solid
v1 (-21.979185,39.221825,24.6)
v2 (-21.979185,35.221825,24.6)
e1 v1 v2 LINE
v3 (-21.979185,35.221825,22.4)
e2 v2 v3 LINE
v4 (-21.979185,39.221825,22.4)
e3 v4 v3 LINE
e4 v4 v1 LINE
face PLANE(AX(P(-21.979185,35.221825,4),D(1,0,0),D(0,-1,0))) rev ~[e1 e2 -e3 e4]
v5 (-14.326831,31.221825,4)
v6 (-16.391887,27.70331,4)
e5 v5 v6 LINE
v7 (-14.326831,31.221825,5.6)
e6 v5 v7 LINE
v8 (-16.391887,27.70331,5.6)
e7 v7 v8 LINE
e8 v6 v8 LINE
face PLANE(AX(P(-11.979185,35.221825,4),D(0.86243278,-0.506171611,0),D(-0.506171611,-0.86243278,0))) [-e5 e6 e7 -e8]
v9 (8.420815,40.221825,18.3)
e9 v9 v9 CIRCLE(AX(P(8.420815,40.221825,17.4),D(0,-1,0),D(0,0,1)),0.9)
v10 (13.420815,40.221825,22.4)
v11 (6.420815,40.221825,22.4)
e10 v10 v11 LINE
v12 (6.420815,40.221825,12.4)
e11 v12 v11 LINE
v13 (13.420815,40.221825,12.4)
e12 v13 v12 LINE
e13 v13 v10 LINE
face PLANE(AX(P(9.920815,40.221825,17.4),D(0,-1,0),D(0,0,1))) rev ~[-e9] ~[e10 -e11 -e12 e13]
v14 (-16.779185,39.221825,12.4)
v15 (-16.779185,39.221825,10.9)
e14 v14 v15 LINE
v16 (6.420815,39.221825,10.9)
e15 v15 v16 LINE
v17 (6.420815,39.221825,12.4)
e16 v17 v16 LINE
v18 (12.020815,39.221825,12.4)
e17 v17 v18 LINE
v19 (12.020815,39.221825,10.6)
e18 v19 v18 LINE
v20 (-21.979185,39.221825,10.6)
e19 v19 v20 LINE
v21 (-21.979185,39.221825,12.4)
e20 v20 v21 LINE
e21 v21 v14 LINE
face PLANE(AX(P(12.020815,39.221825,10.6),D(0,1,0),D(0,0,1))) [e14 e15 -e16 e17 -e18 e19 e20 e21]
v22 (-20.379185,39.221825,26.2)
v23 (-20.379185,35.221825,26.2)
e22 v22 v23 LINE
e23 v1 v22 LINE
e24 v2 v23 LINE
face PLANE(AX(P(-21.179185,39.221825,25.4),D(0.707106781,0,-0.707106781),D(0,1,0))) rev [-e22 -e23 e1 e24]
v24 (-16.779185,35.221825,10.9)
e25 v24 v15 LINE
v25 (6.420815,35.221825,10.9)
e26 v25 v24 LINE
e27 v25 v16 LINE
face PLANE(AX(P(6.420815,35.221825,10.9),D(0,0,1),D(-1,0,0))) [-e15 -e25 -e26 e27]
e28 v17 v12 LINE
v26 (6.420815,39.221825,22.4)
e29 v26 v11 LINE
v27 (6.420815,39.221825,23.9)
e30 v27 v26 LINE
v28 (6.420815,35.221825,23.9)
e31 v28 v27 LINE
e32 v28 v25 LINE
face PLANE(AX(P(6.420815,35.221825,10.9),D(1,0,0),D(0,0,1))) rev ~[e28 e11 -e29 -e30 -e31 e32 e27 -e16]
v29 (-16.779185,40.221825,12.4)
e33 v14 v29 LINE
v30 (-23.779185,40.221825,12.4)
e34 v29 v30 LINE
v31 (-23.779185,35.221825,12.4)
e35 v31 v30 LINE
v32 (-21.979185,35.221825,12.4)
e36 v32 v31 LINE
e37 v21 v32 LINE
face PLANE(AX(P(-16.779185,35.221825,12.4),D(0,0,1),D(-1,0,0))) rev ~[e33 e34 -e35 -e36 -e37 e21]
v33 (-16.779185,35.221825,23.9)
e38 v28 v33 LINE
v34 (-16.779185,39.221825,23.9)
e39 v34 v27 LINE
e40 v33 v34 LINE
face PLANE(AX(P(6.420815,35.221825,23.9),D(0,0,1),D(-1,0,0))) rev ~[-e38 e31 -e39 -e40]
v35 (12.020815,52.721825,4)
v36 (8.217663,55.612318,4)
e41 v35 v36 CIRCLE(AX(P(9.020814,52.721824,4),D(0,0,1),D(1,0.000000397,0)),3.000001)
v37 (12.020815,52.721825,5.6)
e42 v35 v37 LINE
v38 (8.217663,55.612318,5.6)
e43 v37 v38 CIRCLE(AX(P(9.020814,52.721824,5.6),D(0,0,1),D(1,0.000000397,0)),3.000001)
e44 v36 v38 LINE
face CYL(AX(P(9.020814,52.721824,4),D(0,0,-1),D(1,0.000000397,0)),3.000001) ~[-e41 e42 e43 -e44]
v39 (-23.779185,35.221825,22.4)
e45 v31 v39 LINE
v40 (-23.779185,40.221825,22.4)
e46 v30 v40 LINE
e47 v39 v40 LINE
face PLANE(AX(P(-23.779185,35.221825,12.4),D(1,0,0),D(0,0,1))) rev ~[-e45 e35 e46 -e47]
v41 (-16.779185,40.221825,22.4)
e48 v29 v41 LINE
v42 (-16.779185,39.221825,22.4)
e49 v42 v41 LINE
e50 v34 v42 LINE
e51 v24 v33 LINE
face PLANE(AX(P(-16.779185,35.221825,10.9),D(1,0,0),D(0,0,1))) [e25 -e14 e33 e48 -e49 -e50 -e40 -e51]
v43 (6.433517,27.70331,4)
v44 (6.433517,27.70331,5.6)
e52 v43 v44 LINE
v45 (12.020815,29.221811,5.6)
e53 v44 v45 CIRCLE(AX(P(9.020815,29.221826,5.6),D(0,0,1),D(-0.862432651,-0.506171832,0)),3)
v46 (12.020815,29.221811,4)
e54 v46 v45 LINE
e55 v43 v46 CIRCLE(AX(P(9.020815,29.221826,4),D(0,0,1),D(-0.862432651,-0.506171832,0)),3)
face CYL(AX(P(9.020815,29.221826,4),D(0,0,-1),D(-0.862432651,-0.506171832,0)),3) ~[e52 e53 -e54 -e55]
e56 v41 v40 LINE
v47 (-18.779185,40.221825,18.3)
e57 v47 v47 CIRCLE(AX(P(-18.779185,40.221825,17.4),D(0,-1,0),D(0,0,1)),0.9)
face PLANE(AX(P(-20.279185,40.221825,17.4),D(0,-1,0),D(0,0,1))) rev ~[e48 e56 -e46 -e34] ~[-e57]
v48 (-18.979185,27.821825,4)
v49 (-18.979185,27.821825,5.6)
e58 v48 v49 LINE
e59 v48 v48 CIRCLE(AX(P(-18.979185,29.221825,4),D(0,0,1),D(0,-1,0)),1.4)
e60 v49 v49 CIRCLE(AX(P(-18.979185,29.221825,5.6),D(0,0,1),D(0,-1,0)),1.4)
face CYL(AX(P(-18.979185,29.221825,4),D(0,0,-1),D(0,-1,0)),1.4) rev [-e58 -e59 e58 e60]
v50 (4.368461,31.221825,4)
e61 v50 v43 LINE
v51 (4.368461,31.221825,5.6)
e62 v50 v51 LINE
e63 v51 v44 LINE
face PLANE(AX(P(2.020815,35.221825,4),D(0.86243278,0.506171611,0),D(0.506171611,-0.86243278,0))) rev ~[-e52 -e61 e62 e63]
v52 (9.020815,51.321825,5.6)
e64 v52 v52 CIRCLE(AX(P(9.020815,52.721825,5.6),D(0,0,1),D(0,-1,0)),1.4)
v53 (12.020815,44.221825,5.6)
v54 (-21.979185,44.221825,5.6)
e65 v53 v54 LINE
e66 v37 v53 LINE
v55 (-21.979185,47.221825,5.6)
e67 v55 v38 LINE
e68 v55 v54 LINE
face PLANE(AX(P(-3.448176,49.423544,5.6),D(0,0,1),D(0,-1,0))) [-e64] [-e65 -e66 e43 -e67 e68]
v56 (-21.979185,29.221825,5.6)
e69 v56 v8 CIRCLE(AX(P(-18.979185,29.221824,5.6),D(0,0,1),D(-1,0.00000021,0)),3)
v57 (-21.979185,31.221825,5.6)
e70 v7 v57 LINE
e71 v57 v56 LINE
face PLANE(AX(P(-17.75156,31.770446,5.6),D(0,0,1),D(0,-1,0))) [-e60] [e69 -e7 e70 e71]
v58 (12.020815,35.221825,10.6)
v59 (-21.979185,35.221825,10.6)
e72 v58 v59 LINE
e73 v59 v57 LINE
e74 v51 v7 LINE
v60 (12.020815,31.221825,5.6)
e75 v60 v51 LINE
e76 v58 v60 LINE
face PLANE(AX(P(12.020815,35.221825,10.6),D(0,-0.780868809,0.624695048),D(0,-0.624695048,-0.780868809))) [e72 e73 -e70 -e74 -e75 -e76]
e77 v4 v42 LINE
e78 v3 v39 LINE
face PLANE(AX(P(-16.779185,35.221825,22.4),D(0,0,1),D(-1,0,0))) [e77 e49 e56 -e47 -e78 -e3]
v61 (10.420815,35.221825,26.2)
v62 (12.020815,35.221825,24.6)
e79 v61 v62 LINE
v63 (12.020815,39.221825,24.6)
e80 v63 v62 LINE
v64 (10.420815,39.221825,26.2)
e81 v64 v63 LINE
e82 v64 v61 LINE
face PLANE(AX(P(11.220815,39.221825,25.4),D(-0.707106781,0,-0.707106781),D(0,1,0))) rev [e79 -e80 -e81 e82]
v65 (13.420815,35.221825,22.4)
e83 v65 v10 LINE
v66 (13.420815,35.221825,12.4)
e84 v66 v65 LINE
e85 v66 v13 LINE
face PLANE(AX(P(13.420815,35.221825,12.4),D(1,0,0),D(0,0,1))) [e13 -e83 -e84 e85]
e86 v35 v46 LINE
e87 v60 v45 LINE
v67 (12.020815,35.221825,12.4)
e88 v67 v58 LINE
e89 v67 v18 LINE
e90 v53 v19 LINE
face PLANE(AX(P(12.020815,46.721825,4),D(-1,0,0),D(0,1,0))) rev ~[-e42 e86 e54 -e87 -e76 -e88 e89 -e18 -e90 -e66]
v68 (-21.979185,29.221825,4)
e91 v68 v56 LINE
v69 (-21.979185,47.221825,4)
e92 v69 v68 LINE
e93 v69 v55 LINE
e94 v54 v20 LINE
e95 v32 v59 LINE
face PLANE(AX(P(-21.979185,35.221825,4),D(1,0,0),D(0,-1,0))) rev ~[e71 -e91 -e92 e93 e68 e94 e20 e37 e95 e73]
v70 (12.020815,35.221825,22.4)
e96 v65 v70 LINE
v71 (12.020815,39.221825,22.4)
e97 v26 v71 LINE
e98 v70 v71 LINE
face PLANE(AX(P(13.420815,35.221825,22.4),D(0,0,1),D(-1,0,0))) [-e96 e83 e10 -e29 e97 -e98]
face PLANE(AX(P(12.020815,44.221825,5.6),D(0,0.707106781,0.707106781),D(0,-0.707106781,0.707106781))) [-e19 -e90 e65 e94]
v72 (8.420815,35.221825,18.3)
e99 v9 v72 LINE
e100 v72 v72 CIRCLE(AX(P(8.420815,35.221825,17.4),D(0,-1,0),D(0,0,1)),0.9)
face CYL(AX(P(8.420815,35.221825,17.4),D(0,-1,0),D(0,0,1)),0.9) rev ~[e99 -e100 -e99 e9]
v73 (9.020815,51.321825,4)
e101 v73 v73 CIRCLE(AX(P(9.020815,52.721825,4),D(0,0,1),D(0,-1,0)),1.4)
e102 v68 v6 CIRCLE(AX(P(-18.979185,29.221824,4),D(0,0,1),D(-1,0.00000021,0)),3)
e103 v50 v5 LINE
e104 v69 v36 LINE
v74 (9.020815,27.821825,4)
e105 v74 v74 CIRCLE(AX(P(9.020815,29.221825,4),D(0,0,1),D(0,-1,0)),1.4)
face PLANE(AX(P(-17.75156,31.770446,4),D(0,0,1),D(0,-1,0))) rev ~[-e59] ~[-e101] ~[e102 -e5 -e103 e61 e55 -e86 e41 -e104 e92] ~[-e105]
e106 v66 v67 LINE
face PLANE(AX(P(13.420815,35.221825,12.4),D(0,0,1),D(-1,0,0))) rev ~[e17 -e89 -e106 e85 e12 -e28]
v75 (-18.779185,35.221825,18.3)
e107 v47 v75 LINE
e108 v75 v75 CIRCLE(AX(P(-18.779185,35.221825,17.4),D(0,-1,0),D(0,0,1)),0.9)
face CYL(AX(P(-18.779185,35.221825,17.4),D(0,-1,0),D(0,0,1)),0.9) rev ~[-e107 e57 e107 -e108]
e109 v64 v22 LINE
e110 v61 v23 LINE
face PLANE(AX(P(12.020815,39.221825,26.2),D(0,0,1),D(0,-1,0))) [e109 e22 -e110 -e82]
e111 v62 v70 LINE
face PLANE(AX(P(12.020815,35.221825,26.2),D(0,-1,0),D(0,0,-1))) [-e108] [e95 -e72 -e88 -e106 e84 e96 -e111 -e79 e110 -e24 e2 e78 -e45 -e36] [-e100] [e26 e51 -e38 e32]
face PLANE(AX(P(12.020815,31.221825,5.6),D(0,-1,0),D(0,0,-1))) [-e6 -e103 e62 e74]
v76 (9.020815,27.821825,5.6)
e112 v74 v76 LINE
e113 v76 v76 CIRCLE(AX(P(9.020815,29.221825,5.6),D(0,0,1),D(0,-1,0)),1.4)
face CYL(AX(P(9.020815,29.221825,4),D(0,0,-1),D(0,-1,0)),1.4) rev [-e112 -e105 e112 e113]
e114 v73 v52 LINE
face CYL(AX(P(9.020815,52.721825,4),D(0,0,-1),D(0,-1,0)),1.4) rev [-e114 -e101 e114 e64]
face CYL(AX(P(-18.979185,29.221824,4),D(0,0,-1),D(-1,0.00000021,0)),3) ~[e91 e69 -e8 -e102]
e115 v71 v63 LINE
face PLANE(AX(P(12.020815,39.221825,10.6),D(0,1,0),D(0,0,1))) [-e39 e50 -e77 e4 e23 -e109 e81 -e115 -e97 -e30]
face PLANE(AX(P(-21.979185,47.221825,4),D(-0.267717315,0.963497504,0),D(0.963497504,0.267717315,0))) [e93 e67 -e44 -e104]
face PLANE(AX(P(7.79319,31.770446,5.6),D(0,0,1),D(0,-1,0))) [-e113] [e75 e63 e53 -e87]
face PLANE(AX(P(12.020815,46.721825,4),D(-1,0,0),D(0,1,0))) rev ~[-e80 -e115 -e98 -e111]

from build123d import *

# Parameters (mm, degrees)
PAD026_DEPTH            = 34
SKETCH034_R             = 0.9
POCKET006_DEPTH         = 12.001
SKETCH036_W             = 13
SKETCH036_H             = 23.2
POCKET007_DEPTH         = 12.001
SKETCH037_R             = 1.4
PAD027_DEPTH            = 1.6
SKETCH038_R             = 1.4
PAD028_DEPTH            = 1.6
SKETCH039_W             = 10
SKETCH039_H             = 7
SKETCH039_R             = 0.9
PAD029_DEPTH            = 5
CHAMFER002_SIZE         = 1.6
BODY006_PLACEMENT_ANGLE = 90


with BuildPart() as part:
    # Sketch035 → Pad026 (new body)
    with BuildSketch(Plane.XZ):
        Polygon((-12, 1.6), (-9, 1.6), (-4, 6.6), (-4, 22.2), (0, 22.2), (0, 6.6), (4, 1.6), (4, 0), (-3.601763, 0), (-12, 0), align=None)
    extrude(amount=PAD026_DEPTH)

    # Sketch034 → Pocket006 (cut, through all)
    with BuildSketch(Plane(origin=(0, 0, 0), x_dir=(0, 0, 1), z_dir=(1, 0, 0))):
        with Locations((13.4, 30.8)):
            Circle(SKETCH034_R)
        with Locations((13.4, 3.6)):
            Circle(SKETCH034_R)
    extrude(amount=-POCKET006_DEPTH, mode=Mode.SUBTRACT)

    # Sketch036 (on DatumPlane) → Pocket007 (cut, through all)
    with BuildSketch(Plane(origin=(0, 0, 0), x_dir=(0, 0, 1), z_dir=(1, 0, 0))):
        with Locations((13.4, 17.2)):
            Rectangle(SKETCH036_W, SKETCH036_H)
    extrude(amount=-POCKET007_DEPTH, mode=Mode.SUBTRACT)

    # Sketch037 → Pad027 (join)
    with BuildSketch(Plane.XY):
        with BuildLine():
            ThreePointArc((-17.5, 0), (-19.888457, -1.184712), (-20.390493, -3.803152))
            Line((-12, -34), (-20.390493, -3.803152))
            Line((-11.5, -34), (-12, -34))
            Line((-11.5, 0), (-11.5, -34))
            Line((-11.5, 0), (-17.5, 0))
        make_face()
        with Locations((-17.5, -3)):
            Circle(SKETCH037_R, mode=Mode.SUBTRACT)
    extrude(amount=PAD027_DEPTH)

    # Sketch038 → Pad028 (join)
    with BuildSketch(Plane.XY):
        with BuildLine():
            ThreePointArc((6, -34), (8.894987, -31.786799), (7.518515, -28.412702))
            Line((0, -24), (7.518515, -28.412702))
            Line((0, -34), (0, -24))
            Line((0, -34), (6, -34))
        make_face()
        with Locations((6, -31)):
            Circle(SKETCH038_R, mode=Mode.SUBTRACT)
        with BuildLine():
            ThreePointArc((7.518515, -5.587298), (8.894988, -2.213208), (6.000014, 0))
            Line((0, 0), (6.000014, 0))
            Line((0, 0), (0, -10))
            Line((0, -10), (7.518515, -5.587298))
        make_face()
        with Locations((6, -3)):
            Circle(SKETCH038_R, mode=Mode.SUBTRACT)
    extrude(amount=PAD028_DEPTH)

    # Sketch039 (on Face3 of Pad028) → Pad029 (join)
    with BuildSketch(Plane(origin=(0, 0, 0), x_dir=(0, 0, 1), z_dir=(1, 0, 0))):
        with Locations((13.4, 32.3)):
            Rectangle(SKETCH039_W, SKETCH039_H)
        with Locations((13.4, 30.8)):
            Circle(SKETCH039_R, mode=Mode.SUBTRACT)
        with Locations((13.4, 2.1)):
            Rectangle(SKETCH039_W, SKETCH039_H)
        with Locations((13.4, 3.6)):
            Circle(SKETCH039_R, mode=Mode.SUBTRACT)
    extrude(amount=-PAD029_DEPTH)

    # Chamfer002
    chamfer002_edges = [part.edges().sort_by_distance(p)[0] for p in [
        (-2, 0, 22.2),
        (-2, -34, 22.2),
    ]]
    chamfer(chamfer002_edges, length=CHAMFER002_SIZE)


with BuildPart() as part_1:
    # Body006 placement: moved
    add(part.part.moved(Location((12.020815, 35.221825, 4))).rotate(Axis((12.020815, 35.221825, 4), (0, 0, -1)), BODY006_PLACEMENT_ANGLE))


solid = part_1.part
